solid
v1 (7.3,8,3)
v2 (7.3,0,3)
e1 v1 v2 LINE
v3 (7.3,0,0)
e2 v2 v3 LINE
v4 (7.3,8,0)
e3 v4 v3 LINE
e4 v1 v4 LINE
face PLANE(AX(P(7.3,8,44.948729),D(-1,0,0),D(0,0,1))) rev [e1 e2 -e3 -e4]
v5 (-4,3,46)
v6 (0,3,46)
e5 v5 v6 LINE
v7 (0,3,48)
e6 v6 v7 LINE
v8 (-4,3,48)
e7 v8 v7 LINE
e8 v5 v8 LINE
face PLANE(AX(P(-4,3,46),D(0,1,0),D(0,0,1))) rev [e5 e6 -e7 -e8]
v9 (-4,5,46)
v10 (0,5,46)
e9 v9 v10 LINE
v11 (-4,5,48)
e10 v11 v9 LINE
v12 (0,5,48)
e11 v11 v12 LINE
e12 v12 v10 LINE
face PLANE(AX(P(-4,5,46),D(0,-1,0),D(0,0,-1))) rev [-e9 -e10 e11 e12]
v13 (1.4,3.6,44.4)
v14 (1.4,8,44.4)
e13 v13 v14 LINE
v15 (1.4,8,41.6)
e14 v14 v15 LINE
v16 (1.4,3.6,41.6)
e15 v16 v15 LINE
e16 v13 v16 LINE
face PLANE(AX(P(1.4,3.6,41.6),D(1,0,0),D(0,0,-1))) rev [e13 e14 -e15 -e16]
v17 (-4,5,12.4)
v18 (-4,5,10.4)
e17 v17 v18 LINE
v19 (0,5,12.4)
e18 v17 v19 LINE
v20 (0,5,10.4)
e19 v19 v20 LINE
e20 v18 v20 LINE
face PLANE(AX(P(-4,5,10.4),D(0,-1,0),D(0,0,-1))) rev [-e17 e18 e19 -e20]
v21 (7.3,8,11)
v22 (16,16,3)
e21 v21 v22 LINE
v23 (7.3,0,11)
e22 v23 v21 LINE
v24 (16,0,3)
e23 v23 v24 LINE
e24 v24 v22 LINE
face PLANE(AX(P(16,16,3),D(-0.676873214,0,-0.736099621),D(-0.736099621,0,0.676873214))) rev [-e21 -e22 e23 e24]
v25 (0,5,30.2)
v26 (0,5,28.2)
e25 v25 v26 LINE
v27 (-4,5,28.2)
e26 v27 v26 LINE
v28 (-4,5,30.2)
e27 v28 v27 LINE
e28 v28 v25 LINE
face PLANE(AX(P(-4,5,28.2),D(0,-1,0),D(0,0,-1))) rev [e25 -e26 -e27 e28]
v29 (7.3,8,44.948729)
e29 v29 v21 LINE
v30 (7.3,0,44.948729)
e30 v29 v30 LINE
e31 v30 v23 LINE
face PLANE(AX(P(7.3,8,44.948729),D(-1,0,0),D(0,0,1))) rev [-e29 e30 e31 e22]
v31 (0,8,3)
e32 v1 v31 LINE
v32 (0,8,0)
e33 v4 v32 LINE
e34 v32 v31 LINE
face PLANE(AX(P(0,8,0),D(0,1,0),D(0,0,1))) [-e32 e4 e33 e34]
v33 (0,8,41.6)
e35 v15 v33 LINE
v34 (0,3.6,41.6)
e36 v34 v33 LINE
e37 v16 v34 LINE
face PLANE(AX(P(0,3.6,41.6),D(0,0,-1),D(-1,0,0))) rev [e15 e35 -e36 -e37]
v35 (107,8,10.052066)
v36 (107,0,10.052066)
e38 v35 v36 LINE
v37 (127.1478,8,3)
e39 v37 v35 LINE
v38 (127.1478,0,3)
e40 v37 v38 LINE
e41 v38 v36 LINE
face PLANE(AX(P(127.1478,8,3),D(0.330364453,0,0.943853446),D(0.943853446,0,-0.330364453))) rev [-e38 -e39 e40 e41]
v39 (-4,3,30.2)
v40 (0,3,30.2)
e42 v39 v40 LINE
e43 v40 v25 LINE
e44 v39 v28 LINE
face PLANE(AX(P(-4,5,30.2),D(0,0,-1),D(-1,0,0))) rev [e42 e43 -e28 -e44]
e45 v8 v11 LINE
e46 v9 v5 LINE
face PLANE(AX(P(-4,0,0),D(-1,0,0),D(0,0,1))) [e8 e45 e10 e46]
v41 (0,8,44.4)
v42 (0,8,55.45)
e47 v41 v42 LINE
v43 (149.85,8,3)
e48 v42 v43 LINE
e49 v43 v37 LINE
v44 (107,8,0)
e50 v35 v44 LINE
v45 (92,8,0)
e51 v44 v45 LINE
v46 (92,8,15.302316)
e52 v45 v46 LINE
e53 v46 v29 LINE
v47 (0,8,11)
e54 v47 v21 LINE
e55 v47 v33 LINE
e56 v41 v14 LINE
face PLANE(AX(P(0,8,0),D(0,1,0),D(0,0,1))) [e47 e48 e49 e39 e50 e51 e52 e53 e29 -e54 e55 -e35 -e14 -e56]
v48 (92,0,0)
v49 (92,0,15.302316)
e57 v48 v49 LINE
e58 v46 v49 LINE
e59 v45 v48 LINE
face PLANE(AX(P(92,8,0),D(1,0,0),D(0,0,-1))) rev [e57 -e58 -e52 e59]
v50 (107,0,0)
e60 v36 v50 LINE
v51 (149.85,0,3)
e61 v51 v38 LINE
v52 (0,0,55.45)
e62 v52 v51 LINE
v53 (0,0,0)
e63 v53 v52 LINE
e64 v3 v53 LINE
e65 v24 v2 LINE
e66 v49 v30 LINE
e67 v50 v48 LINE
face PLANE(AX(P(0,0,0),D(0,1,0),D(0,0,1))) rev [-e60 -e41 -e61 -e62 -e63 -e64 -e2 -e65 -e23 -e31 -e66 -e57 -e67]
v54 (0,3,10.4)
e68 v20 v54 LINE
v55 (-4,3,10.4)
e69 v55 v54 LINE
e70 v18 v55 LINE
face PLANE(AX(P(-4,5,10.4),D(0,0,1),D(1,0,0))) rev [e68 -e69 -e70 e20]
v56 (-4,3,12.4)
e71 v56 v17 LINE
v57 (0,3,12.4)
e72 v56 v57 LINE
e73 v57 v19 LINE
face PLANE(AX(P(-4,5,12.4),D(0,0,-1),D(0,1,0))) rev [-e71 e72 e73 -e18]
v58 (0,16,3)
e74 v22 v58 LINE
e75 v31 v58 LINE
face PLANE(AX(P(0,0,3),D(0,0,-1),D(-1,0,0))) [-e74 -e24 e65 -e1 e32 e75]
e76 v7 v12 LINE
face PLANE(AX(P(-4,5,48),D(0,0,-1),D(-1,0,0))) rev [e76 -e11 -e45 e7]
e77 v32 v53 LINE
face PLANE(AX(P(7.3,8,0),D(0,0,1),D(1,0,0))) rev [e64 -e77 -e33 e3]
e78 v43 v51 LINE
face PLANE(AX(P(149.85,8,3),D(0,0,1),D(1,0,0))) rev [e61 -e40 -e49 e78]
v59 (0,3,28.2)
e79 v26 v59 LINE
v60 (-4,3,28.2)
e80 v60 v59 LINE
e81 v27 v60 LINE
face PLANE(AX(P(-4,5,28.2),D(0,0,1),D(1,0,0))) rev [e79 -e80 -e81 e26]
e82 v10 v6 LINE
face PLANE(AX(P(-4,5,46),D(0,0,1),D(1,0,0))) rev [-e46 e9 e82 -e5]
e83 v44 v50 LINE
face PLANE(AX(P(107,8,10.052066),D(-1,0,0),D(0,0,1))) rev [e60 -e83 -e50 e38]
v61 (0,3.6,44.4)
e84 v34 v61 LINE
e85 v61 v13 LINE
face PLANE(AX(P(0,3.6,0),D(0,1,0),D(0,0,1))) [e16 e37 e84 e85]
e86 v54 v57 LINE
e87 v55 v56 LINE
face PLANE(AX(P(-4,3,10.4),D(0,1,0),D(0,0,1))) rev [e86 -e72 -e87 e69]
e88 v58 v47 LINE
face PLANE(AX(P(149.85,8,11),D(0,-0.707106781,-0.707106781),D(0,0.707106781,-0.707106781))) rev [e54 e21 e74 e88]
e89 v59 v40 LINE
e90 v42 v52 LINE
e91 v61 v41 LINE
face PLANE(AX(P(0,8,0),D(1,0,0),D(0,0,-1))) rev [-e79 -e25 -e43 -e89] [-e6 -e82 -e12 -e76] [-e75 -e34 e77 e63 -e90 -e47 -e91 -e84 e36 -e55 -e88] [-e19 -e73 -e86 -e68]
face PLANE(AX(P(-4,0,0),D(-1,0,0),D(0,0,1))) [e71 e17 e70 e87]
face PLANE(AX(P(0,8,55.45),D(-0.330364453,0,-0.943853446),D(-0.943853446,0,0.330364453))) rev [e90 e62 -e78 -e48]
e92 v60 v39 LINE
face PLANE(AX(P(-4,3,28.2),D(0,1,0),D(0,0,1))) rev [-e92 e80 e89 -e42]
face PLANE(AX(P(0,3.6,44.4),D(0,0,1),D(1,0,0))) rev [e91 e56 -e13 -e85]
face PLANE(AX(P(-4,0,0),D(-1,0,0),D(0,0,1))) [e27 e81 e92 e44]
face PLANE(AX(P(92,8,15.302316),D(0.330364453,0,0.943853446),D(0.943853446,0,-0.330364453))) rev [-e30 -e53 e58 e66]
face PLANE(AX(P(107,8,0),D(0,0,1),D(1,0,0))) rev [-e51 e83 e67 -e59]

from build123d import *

# Parameters (mm, degrees)
P_IDAT_VYSUNUT_M1_DEPTH  = 8
SKICA2_W                 = 1.4
SKICA2_H                 = 2.8
ODEBRAT_VYSUNUT_M1_DEPTH = 4.4
SKICA3_W                 = 2
SKICA3_H                 = 2
P_IDAT_VYSUNUT_M2_DEPTH  = 4
P_IDAT_START             = 8
SKICA5_W                 = 16
SKICA5_H                 = 8
P_IDAT_VYSUNUT_M4_DEPTH  = 16
ODEBRAT_VYSUNUT_M2_DEPTH = 161.57934176
ODEBRAT_VYSUNUT_M3_DEPTH = 161.57934176


with BuildPart() as part:
    # Skica1 → Přidat vysunutím1 (new body)
    with BuildSketch(Plane(origin=(0, 0, 0), x_dir=(1, 0, 0), z_dir=(0, 1, 0))):
        Polygon((0, 0), (0, -55.45), (149.85, -3), (127.147799643, -3), (107, -10.052066008), (107, 0), (92, 0), (92, -15.302316258), (7.3, -44.948729338), (7.3, 0), align=None)
    extrude(amount=P_IDAT_VYSUNUT_M1_DEPTH)

    # Skica2 → Odebrat vysunutím1 (cut)
    with BuildSketch(Plane(origin=(0, 8, 0), x_dir=(1, 0, 0), z_dir=(0, 1, 0))):
        with Locations((0.7, -43)):
            Rectangle(SKICA2_W, SKICA2_H)
    extrude(amount=-ODEBRAT_VYSUNUT_M1_DEPTH, mode=Mode.SUBTRACT)

    # Skica3 → Přidat vysunutím2 (add)
    with BuildSketch(Plane.ZY):
        with Locations((11.4, 4)):
            Rectangle(SKICA3_W, SKICA3_H)
        with Locations((29.2, 4)):
            Rectangle(SKICA3_W, SKICA3_H)
        with Locations((47, 4)):
            Rectangle(SKICA3_W, SKICA3_H)
    extrude(amount=P_IDAT_VYSUNUT_M2_DEPTH)

    # Skica5 → Přidat vysunutím4 (add)
    with BuildSketch(Plane(origin=(0, 8, 0), x_dir=(1, 0, 0), z_dir=(0, 1, 0)).offset(P_IDAT_START)):
        with Locations((8, -7)):
            Rectangle(SKICA5_W, SKICA5_H)
    extrude(amount=-P_IDAT_VYSUNUT_M4_DEPTH)

    # Skica6 → Odebrat vysunutím2 (cut, through all)
    with BuildSketch(Plane.ZY):
        Polygon((3, 16), (11, 16), (11, 8), align=None)
    extrude(amount=-ODEBRAT_VYSUNUT_M2_DEPTH, mode=Mode.SUBTRACT)

    # Skica7 → Odebrat vysunutím3 (cut, through all)
    with BuildSketch(Plane.XZ):
        Polygon((7.3, 11), (16, 11), (16, 3), align=None)
    extrude(amount=-ODEBRAT_VYSUNUT_M3_DEPTH, mode=Mode.SUBTRACT)


solid = part.part
